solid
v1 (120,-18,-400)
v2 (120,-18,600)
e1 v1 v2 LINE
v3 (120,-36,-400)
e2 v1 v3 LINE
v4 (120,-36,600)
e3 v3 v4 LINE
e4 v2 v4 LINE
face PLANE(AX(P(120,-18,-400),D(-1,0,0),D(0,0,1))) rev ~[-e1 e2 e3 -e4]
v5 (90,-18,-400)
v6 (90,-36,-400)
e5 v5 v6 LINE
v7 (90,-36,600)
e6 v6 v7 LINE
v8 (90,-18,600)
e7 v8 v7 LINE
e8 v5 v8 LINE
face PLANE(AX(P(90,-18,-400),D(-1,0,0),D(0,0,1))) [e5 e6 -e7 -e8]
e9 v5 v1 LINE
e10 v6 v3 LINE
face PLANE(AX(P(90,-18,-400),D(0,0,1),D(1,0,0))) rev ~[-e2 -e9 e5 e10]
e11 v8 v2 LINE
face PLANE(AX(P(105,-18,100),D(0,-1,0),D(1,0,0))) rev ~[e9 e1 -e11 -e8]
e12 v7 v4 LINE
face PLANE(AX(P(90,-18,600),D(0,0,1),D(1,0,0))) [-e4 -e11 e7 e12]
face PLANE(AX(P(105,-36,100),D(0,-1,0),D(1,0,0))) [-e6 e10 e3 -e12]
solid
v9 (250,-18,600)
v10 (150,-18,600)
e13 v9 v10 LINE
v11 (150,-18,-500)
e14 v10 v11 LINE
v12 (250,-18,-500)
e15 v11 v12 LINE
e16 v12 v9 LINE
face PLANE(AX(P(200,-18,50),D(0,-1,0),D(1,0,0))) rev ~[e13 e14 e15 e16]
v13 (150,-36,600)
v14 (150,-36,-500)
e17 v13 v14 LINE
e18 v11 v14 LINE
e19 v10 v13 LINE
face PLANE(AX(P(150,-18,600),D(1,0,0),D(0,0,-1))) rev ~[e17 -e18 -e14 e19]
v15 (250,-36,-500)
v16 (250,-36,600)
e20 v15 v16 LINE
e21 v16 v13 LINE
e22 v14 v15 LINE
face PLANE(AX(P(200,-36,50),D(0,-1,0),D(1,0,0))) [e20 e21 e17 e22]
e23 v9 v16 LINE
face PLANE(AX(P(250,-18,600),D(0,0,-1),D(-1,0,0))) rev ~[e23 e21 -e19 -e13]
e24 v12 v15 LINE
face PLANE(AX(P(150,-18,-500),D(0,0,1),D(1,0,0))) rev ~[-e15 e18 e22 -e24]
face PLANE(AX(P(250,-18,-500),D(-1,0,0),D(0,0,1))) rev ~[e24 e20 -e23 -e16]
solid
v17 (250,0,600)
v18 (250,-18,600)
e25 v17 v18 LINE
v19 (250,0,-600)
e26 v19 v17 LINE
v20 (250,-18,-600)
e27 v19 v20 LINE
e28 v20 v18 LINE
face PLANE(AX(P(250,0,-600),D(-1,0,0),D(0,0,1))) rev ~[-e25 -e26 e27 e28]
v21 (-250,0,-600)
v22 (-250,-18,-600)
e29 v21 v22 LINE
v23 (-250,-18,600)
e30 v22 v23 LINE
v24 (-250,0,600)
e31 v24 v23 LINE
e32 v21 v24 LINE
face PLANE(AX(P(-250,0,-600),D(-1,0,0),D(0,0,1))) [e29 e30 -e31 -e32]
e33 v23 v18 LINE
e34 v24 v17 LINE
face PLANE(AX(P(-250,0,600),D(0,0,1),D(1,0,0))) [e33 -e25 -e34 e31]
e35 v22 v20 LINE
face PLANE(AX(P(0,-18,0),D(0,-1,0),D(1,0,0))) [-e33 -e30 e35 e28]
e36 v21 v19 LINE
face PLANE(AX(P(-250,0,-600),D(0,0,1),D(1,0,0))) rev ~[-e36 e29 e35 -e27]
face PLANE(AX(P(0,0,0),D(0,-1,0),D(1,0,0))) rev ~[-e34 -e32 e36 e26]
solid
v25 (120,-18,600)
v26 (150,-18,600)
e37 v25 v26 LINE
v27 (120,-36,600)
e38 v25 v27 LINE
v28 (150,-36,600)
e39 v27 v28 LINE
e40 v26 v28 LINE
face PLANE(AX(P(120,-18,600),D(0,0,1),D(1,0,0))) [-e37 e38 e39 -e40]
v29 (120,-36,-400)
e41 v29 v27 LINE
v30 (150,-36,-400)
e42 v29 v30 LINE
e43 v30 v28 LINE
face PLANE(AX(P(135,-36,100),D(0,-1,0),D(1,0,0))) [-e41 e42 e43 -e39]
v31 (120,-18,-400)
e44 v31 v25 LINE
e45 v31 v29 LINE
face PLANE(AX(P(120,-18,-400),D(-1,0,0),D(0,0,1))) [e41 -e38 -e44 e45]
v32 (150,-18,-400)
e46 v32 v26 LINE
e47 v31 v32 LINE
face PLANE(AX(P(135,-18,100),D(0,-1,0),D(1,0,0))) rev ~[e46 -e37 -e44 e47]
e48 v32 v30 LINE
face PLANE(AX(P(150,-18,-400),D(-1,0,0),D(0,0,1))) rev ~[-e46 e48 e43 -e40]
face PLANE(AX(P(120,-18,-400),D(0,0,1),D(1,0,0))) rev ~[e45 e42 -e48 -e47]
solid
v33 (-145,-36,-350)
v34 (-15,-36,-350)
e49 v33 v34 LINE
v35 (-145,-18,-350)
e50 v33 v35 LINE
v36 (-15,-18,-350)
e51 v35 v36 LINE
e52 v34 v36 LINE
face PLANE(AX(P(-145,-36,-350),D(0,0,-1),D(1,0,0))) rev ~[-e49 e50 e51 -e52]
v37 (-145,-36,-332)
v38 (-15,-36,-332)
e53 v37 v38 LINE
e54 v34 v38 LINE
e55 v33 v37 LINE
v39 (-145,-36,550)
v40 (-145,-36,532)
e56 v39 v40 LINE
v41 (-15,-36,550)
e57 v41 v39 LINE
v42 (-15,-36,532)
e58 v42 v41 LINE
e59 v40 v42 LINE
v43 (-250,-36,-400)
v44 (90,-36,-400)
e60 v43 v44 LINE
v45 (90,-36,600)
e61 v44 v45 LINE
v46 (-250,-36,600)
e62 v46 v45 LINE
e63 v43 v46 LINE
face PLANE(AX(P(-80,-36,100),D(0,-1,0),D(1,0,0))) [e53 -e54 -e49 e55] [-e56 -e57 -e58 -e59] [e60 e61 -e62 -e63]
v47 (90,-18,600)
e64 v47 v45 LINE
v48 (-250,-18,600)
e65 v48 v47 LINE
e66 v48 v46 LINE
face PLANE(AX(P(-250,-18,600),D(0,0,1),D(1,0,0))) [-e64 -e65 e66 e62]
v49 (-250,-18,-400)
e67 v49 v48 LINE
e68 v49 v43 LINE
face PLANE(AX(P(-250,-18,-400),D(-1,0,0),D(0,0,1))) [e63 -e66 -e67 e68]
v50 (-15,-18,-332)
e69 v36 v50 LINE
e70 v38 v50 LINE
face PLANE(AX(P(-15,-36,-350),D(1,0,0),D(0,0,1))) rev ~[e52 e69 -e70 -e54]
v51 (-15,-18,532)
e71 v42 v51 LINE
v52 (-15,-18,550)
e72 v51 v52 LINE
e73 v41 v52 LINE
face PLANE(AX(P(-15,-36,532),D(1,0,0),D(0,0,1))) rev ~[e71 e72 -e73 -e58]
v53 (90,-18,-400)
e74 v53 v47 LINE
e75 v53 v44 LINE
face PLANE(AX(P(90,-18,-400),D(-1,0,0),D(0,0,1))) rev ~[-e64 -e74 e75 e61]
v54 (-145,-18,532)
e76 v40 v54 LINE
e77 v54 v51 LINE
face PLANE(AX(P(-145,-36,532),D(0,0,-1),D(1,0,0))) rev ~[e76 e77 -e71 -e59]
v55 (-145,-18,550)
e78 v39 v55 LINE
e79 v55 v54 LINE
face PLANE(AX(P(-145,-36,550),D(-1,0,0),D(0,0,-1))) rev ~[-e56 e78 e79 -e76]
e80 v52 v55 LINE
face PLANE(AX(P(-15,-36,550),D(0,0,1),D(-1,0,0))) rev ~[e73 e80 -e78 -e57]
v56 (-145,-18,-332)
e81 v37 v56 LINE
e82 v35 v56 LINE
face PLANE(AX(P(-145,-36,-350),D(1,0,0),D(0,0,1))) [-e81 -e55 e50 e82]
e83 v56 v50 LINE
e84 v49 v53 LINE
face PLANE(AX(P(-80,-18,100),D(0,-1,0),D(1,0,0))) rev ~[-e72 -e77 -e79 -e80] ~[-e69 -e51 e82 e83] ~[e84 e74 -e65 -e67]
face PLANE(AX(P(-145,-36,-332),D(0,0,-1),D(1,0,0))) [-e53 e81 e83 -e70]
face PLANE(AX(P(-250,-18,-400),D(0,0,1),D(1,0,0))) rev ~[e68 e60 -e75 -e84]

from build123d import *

# Parameters (mm, degrees)
F0_W     = 500
F0_H     = 1200
F1_DEPTH = 18
F2_W     = 340
F2_H     = 1000
F3_DEPTH = 18
F2_W_2   = 30
F4_DEPTH = 18
F5_DEPTH = 18
F6_DEPTH = 18
F7_W     = 130
F7_H     = 18
F8_DEPTH = 18


with BuildPart() as f1:
    # F0 (on Front) → F1 (new body)
    with BuildSketch(Plane.XZ):
        Rectangle(F0_W, F0_H)
    extrude(amount=F1_DEPTH)


with BuildPart() as f3:
    # F2 (on face) → F3 (new body)
    with BuildSketch(Plane.XZ.offset(18)):
        with Locations((-80, 100)):
            Rectangle(F2_W, F2_H)
    extrude(amount=F3_DEPTH)

    # F7 (on face) → F8 (cut, through all)
    with BuildSketch(Plane.XZ.offset(36)):
        Polygon((-80, 550), (-145, 550), (-145, 532), (-15, 532), (-15, 550), align=None)
        with Locations((-80, -341)):
            Rectangle(F7_W, F7_H)
    extrude(amount=-F8_DEPTH, mode=Mode.SUBTRACT)


with BuildPart() as f4:
    # F2 (on face) → F4 (new body)
    with BuildSketch(Plane.XZ.offset(18)):
        with Locations((105, 100)):
            Rectangle(F2_W_2, F2_H)
    extrude(amount=F4_DEPTH)


with BuildPart() as f5:
    # F2 (on face) → F5 (new body)
    with BuildSketch(Plane.XZ.offset(18)):
        with Locations((135, 100)):
            Rectangle(F2_W_2, F2_H)
    extrude(amount=F5_DEPTH)


with BuildPart() as f6:
    # F2 (on face) → F6 (new body)
    with BuildSketch(Plane.XZ.offset(18)):
        Polygon((250, 600), (150, 600), (150, -400), (150, -500), (250, -500), align=None)
    extrude(amount=F6_DEPTH)


solid = Compound([f1.part, f3.part, f4.part, f5.part, f6.part])
